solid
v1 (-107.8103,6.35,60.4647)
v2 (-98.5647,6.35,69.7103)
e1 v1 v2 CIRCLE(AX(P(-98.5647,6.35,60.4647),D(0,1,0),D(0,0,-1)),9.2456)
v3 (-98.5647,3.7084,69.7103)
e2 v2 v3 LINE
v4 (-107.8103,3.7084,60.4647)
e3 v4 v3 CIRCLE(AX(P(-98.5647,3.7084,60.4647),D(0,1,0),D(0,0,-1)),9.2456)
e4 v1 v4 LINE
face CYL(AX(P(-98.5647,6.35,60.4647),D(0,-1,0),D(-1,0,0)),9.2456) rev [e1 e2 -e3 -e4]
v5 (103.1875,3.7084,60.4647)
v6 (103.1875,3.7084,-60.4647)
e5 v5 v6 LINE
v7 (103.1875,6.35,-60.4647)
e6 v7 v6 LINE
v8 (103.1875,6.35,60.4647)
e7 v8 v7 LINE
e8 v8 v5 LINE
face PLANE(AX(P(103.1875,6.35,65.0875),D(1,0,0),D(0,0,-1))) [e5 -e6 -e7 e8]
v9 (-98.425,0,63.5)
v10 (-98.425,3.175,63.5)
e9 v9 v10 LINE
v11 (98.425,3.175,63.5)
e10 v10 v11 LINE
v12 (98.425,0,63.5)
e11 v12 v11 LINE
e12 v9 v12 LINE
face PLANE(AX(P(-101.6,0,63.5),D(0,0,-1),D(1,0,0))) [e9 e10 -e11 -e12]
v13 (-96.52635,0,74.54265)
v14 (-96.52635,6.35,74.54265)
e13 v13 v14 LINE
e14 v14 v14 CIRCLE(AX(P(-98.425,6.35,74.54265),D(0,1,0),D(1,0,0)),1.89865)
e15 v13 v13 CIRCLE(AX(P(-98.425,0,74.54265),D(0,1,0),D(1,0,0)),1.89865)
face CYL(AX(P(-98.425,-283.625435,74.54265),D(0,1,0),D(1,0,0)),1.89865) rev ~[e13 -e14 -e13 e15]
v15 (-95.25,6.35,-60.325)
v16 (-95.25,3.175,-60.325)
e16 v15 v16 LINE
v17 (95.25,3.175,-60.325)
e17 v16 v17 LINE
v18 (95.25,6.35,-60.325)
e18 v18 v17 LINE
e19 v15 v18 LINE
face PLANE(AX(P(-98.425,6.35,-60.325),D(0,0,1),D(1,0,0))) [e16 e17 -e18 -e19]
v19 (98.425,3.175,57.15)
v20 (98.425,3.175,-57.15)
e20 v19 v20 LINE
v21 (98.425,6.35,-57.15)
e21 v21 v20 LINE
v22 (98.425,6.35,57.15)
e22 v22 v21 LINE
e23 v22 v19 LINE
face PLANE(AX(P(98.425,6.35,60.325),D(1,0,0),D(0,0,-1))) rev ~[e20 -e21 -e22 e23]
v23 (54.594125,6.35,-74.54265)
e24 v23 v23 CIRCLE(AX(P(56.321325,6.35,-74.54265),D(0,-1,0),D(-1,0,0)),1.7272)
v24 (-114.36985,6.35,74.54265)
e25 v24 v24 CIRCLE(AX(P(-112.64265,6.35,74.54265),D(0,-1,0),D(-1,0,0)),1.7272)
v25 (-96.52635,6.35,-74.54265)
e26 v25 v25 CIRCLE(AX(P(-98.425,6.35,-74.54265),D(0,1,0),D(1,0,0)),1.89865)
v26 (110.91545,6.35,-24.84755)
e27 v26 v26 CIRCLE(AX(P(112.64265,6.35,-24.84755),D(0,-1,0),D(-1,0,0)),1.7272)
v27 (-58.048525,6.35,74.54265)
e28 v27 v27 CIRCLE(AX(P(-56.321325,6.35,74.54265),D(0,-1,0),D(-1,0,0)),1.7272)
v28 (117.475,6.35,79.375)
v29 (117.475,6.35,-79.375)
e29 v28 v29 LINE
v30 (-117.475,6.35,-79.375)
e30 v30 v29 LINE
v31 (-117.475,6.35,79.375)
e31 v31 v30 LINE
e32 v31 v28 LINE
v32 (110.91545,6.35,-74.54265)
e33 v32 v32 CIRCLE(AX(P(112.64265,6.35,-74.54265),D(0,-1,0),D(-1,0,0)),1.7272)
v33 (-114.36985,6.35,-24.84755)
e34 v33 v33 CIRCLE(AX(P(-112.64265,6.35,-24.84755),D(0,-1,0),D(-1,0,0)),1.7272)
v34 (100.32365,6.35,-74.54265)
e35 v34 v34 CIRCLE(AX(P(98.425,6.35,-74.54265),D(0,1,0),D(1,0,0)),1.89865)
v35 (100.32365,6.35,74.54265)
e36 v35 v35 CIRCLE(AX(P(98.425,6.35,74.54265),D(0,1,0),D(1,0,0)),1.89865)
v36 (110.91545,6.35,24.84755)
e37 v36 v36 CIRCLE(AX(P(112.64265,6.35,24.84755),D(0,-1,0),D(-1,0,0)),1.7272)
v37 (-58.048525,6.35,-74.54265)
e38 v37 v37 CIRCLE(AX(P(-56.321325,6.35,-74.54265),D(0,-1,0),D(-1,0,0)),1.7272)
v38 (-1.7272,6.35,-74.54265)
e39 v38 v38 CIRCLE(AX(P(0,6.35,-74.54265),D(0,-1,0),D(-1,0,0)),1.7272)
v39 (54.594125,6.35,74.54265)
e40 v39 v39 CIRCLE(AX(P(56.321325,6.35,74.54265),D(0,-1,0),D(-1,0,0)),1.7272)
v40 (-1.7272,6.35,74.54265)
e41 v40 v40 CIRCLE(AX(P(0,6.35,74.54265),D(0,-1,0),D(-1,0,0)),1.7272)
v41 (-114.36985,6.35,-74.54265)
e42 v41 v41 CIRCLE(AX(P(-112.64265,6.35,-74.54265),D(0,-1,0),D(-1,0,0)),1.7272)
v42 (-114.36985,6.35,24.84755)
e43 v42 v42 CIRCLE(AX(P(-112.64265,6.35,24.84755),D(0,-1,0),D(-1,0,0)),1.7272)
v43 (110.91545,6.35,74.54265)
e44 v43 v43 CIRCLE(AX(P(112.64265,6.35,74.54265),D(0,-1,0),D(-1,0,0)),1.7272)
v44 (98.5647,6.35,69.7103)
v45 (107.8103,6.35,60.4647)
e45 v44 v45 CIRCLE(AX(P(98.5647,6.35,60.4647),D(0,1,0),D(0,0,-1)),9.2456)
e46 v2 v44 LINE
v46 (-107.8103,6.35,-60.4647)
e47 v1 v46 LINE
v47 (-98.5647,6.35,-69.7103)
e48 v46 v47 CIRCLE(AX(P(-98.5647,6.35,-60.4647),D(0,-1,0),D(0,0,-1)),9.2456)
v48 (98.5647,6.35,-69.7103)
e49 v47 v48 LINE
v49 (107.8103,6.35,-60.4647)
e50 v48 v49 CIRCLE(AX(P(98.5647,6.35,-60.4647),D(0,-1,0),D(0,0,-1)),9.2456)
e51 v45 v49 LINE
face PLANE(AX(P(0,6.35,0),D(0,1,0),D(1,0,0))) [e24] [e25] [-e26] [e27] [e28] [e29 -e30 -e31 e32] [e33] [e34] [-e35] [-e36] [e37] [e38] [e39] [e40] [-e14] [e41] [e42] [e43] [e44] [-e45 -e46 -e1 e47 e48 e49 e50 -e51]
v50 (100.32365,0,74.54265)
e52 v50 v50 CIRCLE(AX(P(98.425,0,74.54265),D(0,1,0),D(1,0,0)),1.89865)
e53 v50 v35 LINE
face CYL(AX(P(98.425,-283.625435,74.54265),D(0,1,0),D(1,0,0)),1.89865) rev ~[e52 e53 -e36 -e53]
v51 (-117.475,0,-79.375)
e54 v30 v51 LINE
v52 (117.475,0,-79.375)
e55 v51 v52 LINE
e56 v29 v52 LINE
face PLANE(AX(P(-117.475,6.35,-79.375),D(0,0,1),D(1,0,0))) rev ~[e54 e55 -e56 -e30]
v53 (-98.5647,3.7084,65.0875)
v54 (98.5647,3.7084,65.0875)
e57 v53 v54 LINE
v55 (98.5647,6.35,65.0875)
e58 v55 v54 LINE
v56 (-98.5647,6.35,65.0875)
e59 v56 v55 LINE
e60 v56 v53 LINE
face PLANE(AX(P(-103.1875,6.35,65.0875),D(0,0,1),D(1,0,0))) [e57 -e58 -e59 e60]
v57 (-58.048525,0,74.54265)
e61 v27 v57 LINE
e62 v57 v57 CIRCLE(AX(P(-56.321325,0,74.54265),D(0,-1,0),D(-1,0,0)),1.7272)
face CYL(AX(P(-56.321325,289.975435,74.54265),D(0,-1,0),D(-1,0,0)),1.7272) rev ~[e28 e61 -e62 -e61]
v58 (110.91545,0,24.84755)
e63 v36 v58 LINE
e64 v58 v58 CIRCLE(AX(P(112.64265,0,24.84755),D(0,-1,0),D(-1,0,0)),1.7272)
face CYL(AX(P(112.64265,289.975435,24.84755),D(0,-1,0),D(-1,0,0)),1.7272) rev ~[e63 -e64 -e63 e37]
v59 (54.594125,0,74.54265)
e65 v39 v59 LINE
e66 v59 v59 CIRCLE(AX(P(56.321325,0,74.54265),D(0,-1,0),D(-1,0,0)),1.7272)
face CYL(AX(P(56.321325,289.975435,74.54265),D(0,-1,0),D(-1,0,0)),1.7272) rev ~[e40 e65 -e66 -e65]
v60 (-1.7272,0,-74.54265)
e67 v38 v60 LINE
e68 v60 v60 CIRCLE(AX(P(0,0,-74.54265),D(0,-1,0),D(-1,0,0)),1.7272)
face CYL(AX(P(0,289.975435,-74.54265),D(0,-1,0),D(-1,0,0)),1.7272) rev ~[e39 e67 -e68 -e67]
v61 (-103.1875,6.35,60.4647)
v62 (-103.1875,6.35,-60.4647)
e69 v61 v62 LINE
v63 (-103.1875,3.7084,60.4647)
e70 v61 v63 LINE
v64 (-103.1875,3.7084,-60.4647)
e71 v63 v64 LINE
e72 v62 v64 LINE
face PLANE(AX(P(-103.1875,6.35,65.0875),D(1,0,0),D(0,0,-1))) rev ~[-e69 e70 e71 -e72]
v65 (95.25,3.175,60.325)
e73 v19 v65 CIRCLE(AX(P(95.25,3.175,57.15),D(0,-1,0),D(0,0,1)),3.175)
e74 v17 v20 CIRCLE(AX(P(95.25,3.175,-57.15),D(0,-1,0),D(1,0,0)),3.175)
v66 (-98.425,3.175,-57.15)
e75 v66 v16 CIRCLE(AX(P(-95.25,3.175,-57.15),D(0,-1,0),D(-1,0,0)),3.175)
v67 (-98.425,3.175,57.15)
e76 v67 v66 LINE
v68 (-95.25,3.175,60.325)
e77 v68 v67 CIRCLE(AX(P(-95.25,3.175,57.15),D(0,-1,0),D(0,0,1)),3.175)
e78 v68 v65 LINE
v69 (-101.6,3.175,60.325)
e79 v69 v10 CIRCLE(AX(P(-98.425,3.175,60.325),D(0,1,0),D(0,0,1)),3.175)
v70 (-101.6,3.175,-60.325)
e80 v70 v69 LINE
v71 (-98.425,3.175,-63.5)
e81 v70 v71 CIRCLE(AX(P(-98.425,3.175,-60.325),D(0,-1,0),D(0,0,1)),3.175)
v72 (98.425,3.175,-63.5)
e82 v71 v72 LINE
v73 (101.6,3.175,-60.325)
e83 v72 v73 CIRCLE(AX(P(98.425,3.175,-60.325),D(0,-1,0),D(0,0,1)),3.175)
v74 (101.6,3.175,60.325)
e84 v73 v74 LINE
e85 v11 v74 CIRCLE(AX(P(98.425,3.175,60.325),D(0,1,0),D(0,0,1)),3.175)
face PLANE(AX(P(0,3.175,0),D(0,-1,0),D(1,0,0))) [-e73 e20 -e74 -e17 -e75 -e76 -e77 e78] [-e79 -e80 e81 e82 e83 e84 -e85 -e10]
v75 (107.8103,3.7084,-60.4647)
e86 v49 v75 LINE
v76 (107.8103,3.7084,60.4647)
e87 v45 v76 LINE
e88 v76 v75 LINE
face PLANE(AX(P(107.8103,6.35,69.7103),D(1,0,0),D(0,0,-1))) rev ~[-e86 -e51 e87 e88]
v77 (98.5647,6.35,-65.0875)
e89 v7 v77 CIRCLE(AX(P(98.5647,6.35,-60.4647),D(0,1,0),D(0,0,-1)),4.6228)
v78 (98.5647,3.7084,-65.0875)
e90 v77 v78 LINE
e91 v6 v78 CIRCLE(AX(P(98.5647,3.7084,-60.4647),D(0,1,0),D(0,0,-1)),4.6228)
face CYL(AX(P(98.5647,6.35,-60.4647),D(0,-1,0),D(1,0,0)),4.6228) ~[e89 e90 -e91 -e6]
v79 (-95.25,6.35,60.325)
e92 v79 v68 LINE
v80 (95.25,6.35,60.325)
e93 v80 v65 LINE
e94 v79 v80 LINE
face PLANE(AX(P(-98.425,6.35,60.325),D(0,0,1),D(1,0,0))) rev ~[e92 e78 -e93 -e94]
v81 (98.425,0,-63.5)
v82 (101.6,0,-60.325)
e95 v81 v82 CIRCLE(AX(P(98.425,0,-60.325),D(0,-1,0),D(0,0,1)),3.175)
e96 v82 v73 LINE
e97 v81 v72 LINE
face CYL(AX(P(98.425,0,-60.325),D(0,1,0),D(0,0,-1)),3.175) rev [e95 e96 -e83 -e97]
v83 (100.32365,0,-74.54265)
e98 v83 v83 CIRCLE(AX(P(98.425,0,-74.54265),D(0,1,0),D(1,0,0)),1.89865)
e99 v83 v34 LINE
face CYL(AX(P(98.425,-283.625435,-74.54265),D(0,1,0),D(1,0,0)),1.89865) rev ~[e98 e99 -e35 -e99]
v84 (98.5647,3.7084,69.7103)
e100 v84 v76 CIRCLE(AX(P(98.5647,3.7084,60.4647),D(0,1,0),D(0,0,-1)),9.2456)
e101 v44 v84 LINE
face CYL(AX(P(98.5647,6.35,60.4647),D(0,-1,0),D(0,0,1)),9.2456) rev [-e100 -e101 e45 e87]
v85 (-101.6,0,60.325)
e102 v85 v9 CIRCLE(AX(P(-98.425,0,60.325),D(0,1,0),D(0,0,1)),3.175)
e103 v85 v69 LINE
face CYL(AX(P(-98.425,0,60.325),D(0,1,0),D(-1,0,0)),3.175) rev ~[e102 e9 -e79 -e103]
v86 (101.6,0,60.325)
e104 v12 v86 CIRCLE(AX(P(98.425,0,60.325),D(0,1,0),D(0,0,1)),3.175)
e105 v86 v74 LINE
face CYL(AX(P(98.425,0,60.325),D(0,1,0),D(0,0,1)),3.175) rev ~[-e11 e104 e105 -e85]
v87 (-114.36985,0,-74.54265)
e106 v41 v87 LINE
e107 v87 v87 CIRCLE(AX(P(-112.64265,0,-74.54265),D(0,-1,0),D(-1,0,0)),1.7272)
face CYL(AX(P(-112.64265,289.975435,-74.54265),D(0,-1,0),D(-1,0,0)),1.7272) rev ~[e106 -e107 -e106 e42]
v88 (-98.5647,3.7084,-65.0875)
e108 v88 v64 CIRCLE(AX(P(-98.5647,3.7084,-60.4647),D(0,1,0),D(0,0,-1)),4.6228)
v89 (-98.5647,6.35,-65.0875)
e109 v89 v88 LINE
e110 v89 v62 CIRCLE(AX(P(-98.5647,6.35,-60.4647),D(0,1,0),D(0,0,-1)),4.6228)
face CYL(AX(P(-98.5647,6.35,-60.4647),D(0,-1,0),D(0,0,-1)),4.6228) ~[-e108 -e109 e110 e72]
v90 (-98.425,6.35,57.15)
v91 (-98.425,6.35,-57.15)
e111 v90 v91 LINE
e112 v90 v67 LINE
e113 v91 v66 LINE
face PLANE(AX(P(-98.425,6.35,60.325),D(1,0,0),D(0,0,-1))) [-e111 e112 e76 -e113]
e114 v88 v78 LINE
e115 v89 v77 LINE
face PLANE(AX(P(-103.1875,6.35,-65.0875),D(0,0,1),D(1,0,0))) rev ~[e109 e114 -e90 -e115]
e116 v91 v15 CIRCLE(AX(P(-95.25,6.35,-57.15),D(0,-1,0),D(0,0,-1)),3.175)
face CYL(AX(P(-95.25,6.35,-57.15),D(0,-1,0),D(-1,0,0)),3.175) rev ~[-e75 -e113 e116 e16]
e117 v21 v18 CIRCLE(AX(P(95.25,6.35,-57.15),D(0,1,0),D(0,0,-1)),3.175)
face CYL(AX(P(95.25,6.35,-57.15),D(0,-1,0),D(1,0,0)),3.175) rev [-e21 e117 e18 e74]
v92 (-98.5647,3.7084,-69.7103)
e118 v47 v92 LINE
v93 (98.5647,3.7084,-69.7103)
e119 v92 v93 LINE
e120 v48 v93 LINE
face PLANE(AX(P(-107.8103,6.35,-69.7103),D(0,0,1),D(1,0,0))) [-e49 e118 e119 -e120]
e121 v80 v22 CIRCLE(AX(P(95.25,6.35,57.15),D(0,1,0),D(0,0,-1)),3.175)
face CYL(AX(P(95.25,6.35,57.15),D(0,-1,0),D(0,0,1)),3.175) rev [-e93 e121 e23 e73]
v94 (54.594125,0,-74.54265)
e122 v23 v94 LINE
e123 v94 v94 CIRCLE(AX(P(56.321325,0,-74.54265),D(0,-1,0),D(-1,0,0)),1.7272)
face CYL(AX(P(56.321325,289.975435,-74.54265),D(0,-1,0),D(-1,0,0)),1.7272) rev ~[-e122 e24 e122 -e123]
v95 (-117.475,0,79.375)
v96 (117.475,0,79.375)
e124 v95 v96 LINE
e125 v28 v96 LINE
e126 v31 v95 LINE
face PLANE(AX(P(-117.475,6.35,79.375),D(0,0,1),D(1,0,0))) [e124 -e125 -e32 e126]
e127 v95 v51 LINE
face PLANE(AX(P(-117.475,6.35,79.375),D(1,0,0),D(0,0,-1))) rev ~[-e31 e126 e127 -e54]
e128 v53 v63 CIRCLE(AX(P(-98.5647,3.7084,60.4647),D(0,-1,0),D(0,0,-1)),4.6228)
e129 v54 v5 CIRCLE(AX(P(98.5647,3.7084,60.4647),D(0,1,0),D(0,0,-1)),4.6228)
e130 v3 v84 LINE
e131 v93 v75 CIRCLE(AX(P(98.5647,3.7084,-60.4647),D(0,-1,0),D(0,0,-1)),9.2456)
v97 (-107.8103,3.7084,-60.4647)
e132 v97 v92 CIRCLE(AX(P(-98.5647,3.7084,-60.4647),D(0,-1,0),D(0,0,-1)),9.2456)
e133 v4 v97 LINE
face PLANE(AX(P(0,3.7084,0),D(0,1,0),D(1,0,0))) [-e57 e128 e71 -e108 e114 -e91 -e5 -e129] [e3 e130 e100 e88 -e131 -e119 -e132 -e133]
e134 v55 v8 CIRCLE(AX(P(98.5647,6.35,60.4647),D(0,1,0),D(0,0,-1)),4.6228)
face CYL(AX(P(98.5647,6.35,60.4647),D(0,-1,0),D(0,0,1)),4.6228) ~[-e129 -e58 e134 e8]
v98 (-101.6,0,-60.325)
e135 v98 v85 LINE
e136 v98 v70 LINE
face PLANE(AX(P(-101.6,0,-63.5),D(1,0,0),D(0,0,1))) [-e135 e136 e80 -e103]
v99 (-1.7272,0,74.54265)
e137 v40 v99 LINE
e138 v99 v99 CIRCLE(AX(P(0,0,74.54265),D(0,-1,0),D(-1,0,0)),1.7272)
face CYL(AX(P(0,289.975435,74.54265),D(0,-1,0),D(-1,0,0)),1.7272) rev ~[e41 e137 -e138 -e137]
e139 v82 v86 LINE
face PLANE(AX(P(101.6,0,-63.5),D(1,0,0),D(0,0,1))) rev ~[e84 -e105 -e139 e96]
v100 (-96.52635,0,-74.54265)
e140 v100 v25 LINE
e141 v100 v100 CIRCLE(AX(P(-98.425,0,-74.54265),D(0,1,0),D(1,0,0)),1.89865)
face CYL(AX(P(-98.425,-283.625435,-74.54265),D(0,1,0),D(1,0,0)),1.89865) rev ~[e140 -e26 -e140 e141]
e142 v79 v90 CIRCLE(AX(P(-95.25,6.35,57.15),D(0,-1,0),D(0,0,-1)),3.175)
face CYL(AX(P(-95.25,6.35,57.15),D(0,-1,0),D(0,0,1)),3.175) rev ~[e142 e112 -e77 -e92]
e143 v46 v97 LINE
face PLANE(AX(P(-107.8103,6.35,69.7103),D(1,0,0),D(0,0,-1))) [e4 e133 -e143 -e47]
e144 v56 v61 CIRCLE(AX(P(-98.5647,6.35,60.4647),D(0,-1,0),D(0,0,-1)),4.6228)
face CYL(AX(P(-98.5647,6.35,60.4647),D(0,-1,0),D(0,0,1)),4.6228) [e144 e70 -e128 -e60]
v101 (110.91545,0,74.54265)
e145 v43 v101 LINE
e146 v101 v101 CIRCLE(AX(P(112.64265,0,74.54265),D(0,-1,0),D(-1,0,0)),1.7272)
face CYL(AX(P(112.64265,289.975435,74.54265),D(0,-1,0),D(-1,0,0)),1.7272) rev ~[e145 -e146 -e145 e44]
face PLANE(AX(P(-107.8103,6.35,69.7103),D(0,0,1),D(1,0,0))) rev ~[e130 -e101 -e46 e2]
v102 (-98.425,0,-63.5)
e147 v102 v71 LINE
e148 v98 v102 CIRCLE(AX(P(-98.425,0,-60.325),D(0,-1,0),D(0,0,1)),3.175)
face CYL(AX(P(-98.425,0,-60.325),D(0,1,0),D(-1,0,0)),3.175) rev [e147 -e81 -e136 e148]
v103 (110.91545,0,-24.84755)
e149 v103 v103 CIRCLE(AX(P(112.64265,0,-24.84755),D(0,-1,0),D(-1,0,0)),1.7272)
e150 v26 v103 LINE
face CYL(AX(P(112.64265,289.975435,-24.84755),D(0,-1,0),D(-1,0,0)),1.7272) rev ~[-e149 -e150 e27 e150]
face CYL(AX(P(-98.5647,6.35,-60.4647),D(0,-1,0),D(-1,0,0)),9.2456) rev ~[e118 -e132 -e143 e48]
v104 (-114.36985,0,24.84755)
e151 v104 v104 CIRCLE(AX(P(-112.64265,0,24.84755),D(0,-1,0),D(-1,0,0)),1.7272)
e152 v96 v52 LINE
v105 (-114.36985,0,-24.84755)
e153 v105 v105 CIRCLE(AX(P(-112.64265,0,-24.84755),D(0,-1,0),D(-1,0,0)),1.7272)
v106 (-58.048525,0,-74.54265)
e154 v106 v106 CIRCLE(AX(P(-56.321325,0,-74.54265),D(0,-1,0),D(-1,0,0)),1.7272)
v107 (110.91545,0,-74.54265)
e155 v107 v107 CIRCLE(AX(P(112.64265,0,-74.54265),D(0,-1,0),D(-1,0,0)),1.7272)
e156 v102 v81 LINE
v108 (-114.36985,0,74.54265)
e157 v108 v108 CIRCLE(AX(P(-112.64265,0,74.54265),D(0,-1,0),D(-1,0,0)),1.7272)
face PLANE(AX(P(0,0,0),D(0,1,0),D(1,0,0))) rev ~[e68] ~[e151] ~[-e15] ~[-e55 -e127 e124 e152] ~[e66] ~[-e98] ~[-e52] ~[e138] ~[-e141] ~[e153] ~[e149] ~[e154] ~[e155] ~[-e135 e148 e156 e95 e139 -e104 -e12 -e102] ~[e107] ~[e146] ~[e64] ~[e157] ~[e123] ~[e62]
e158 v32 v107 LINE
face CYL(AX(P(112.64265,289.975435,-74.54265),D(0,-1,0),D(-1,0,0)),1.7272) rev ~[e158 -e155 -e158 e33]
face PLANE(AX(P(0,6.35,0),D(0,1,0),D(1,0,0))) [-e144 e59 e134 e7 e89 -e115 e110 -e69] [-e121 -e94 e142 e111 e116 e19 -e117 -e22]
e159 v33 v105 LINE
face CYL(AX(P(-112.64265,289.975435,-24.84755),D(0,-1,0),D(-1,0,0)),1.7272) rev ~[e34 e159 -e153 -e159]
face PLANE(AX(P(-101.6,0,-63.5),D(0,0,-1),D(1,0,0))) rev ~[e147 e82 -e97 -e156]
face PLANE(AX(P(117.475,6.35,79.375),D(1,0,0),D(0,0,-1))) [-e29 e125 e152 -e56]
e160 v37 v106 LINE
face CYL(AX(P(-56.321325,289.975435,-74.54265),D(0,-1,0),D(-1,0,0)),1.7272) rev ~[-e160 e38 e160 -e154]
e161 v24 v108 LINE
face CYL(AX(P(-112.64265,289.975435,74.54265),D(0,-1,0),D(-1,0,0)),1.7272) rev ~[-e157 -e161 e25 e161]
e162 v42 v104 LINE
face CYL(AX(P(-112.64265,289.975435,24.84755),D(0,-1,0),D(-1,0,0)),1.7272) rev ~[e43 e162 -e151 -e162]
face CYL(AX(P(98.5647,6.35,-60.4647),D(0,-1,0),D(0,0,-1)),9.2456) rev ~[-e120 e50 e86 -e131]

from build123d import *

# Parameters (mm, degrees)
SKETCH1_W             = 203.2
SKETCH1_H             = 127
BOSS_EXTRUDE1_DEPTH   = 6.35
SKETCH2_W             = 196.85
SKETCH2_H             = 120.65
CUT_EXTRUDE1_DEPTH    = 7.35
SKETCH4_W             = 234.95
SKETCH4_H             = 158.75
SKETCH4_W_2           = 203.2
SKETCH4_H_2           = 127
BOSS_EXTRUDE2_DEPTH   = 6.35
SKETCH7_W             = 215.6206
SKETCH7_H             = 139.4206
SKETCH7_W_2           = 206.375
SKETCH7_H_2           = 130.175
CUT_EXTRUDE2_DEPTH    = 2.6416
F_8_32_TAPPED_HOLE1_D = 3.4544
FILLET3_R             = 4.6228
FILLET4_R             = 9.2456
FILLET5_R             = 3.175
F_6_CLEARANCE_HOLE1_D = 3.7973
SKETCH18_W            = 203.2
SKETCH18_H            = 127
CUT_EXTRUDE3_DEPTH    = 3.175
FILLET6_R             = 3.175


with BuildPart() as part:
    # Sketch1 → Boss-Extrude1 (new body)
    with BuildSketch(Plane(origin=(0, 0, 0), x_dir=(1, 0, 0), z_dir=(0, 1, 0))):
        Rectangle(SKETCH1_W, SKETCH1_H)
    extrude(amount=BOSS_EXTRUDE1_DEPTH)

    # Sketch2 → Cut-Extrude1 (cut, through all)
    with BuildSketch(Plane(origin=(0, 6.35, 0), x_dir=(1, 0, 0), z_dir=(0, 1, 0))):
        Rectangle(SKETCH2_W, SKETCH2_H)
    extrude(amount=-CUT_EXTRUDE1_DEPTH, mode=Mode.SUBTRACT)

    # Sketch4 → Boss-Extrude2 (add)
    with BuildSketch(Plane(origin=(0, 6.35, 0), x_dir=(1, 0, 0), z_dir=(0, 1, 0))):
        Rectangle(SKETCH4_W, SKETCH4_H)
        Rectangle(SKETCH4_W_2, SKETCH4_H_2, mode=Mode.SUBTRACT)
    extrude(amount=-BOSS_EXTRUDE2_DEPTH)

    # Sketch7 → Cut-Extrude2 (cut)
    with BuildSketch(Plane(origin=(0, 6.35, 0), x_dir=(1, 0, 0), z_dir=(0, 1, 0))):
        Rectangle(SKETCH7_W, SKETCH7_H)
        Rectangle(SKETCH7_W_2, SKETCH7_H_2, mode=Mode.SUBTRACT)
    extrude(amount=-CUT_EXTRUDE2_DEPTH, mode=Mode.SUBTRACT)

    # #8-32 Tapped Hole1 (through all)
    with Locations(Plane(origin=(0, 6.35, 0), x_dir=(1, 0, 0), z_dir=(0, 1, 0))):
        with Locations((56.321325, 74.54265), (112.64265, 74.54265), (112.64265, 24.84755), (0, 74.54265), (112.64265, -24.84755), (112.64265, -74.54265), (56.321325, -74.54265), (0, -74.54265), (-56.321325, -74.54265), (-112.64265, -74.54265), (-112.64265, -24.84755), (-112.64265, 24.84755), (-112.64265, 74.54265), (-56.321325, 74.54265)):
            Hole(F_8_32_TAPPED_HOLE1_D / 2)

    # Fillet3
    fillet3_edges = [part.edges().sort_by_distance(p)[0] for p in [
        (-103.1875, 5.0292, -65.0875),
        (103.1875, 5.0292, -65.0875),
        (103.1875, 5.0292, 65.0875),
        (-103.1875, 5.0292, 65.0875),
    ]]
    fillet(fillet3_edges, radius=FILLET3_R)

    # Fillet4
    fillet4_edges = [part.edges().sort_by_distance(p)[0] for p in [
        (-107.8103, 5.0292, -69.7103),
        (107.8103, 5.0292, -69.7103),
        (107.8103, 5.0292, 69.7103),
        (-107.8103, 5.0292, 69.7103),
    ]]
    fillet(fillet4_edges, radius=FILLET4_R)

    # Fillet5
    fillet5_edges = [part.edges().sort_by_distance(p)[0] for p in [
        (-98.425, 3.175, -60.325),
        (98.425, 3.175, -60.325),
        (98.425, 3.175, 60.325),
        (-98.425, 3.175, 60.325),
    ]]
    fillet(fillet5_edges, radius=FILLET5_R)

    # #6 Clearance Hole1 (through all)
    with Locations(Plane(origin=(0, 0, 0), x_dir=(-1, 0, 0), z_dir=(0, -1, 0))):
        with Locations((-98.425, 74.54265), (-98.425, -74.54265), (98.425, -74.54265), (98.425, 74.54265)):
            Hole(F_6_CLEARANCE_HOLE1_D / 2)

    # Sketch18 → Cut-Extrude3 (cut)
    with BuildSketch(Plane.XZ):
        Rectangle(SKETCH18_W, SKETCH18_H)
    extrude(amount=-CUT_EXTRUDE3_DEPTH, mode=Mode.SUBTRACT)

    # Fillet6
    fillet6_edges = [part.edges().sort_by_distance(p)[0] for p in [
        (-101.6, 1.5875, -63.5),
        (-101.6, 1.5875, 63.5),
        (101.6, 1.5875, 63.5),
        (101.6, 1.5875, -63.5),
    ]]
    fillet(fillet6_edges, radius=FILLET6_R)


solid = part.part
